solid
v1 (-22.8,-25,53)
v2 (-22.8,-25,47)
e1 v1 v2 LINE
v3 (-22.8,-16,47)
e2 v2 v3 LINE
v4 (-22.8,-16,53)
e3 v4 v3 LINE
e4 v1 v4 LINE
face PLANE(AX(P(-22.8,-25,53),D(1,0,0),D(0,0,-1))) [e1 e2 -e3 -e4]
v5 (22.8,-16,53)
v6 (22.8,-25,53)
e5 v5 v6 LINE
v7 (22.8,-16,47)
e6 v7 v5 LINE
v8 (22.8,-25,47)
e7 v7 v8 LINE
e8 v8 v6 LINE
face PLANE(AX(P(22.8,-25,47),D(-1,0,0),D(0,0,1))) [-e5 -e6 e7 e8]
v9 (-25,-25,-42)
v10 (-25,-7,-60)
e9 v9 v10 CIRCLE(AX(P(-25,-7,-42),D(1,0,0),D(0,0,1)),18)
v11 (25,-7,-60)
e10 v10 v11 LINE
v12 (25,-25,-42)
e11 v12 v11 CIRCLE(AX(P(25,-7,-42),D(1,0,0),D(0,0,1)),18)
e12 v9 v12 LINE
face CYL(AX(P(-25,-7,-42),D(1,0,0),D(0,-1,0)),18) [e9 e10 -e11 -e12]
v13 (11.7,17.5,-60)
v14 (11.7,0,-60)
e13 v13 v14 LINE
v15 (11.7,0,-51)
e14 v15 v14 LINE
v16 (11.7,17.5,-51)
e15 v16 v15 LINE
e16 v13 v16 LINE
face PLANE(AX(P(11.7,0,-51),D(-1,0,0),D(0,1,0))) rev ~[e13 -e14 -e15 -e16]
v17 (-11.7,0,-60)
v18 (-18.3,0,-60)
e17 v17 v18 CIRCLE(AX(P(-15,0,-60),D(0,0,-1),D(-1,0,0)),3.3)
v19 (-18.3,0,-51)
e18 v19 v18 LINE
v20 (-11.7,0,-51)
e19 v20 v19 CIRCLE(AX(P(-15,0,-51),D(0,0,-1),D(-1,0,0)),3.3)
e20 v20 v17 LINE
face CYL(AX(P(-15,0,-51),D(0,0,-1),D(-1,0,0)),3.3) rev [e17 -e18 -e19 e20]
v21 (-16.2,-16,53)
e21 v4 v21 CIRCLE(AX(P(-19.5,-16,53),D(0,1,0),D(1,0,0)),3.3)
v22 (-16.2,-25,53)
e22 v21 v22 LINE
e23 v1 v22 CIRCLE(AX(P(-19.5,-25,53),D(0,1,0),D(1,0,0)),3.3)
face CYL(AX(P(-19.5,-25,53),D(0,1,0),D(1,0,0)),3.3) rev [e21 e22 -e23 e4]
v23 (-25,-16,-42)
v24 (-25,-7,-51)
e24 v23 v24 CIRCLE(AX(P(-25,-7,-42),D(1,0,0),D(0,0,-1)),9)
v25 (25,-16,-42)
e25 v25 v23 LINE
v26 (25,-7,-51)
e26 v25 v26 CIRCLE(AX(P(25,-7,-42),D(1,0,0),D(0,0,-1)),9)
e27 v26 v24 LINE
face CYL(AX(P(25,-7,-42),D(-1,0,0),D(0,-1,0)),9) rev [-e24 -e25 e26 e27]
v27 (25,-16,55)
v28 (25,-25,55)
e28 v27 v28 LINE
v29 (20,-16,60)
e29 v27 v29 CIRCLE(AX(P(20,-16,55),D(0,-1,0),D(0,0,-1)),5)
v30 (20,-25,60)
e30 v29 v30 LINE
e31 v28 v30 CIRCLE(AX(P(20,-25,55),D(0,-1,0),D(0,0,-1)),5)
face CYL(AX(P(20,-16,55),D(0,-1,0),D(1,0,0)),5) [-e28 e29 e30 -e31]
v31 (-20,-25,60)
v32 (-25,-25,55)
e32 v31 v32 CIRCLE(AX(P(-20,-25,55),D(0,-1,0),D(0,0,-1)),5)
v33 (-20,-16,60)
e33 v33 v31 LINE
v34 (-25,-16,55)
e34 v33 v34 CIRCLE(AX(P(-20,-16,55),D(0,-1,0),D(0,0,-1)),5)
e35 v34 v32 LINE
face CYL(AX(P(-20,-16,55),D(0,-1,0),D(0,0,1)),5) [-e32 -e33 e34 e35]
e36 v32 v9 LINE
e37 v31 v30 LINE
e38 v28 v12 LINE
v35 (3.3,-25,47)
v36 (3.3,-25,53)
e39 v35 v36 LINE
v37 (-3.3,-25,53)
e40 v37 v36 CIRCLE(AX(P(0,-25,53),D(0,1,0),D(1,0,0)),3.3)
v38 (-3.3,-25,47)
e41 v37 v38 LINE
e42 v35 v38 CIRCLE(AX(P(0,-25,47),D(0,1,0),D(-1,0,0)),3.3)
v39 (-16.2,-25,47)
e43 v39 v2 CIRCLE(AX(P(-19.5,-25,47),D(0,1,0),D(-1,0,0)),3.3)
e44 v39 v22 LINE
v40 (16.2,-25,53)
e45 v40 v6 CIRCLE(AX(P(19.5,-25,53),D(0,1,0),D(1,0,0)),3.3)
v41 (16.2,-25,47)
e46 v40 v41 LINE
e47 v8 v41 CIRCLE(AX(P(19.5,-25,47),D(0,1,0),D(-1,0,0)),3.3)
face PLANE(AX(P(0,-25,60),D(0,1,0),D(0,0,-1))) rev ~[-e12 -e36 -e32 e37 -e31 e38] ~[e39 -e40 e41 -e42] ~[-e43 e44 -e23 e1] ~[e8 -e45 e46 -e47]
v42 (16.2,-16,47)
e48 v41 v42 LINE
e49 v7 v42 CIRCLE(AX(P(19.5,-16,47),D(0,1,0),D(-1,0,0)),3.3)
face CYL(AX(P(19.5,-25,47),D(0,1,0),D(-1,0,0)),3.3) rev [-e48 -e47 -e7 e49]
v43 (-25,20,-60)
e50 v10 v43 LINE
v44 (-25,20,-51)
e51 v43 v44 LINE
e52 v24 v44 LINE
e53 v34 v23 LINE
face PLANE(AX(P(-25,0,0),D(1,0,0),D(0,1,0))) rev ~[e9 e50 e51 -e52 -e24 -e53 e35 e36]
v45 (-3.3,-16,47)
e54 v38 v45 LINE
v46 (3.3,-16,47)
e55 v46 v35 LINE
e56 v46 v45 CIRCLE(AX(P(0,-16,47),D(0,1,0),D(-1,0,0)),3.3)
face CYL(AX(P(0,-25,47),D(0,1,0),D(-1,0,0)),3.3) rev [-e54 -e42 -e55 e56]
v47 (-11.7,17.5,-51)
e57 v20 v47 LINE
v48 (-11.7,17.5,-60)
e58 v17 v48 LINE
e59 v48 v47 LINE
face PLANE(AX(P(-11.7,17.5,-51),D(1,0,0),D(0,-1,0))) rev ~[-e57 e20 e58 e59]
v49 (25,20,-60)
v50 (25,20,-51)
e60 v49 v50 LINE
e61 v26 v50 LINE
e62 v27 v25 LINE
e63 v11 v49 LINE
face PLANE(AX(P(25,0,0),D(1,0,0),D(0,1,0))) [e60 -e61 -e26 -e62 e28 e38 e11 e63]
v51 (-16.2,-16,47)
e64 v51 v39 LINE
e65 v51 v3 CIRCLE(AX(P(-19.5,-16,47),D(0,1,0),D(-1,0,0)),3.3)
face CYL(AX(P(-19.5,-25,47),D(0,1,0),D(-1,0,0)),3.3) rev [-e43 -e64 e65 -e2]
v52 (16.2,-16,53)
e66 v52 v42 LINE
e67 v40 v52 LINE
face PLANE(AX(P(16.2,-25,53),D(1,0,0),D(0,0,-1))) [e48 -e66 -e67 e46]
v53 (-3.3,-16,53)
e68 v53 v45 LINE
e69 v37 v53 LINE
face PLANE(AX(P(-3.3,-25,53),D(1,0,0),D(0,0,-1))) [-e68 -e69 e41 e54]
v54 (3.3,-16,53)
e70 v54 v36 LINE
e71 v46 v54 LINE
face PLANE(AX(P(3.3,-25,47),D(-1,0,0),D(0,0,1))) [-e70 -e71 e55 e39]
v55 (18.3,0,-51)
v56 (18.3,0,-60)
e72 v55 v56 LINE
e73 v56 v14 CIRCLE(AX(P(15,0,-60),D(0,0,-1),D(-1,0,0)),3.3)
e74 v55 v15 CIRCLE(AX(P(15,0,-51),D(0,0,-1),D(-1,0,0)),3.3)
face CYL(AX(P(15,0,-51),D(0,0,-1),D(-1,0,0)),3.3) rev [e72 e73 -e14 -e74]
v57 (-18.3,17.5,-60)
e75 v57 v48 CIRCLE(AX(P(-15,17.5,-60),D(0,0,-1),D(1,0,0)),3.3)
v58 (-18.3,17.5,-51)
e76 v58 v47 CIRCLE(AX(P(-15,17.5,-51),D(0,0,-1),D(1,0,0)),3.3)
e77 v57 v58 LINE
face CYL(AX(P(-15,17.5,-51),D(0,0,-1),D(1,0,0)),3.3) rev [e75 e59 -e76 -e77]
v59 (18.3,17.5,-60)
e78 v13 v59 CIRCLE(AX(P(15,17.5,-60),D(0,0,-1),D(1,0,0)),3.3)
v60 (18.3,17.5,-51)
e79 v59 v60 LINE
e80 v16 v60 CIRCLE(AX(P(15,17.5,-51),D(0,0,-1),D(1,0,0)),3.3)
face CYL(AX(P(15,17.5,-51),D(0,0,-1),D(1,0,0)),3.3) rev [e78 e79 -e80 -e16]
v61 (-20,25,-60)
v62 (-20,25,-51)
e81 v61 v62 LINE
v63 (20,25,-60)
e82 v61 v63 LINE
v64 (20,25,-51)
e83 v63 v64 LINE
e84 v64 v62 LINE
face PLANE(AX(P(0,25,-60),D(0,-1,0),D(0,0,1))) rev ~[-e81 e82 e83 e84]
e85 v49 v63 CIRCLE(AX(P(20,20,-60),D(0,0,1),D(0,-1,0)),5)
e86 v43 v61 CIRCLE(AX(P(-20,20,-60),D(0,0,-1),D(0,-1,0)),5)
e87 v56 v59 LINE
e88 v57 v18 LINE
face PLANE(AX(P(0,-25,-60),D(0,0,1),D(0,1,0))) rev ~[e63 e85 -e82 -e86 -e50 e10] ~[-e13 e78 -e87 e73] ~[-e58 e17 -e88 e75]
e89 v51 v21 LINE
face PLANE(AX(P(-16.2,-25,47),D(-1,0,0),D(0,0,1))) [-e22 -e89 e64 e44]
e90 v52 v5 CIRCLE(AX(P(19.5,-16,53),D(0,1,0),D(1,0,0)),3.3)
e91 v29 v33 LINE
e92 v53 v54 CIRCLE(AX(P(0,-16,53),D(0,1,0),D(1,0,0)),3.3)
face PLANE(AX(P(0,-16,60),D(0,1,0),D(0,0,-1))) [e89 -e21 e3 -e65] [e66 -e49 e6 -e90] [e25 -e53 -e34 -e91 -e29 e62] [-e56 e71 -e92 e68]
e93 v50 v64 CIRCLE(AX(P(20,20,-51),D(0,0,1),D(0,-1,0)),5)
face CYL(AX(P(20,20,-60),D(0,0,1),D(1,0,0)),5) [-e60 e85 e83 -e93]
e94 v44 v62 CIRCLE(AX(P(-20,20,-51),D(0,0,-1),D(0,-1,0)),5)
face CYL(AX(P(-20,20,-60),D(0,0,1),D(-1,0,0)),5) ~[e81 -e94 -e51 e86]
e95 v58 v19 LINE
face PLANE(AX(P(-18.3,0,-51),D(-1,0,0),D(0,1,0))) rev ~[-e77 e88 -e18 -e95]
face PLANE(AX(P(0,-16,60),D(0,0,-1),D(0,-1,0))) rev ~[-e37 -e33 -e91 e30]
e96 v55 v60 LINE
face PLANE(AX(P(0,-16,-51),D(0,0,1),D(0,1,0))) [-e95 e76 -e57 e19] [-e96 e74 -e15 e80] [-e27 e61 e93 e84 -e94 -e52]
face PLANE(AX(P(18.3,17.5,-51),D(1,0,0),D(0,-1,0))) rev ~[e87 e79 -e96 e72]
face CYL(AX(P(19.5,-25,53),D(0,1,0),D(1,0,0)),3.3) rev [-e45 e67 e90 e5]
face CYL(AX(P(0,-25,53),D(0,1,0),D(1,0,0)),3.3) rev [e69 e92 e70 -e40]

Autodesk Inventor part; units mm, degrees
ref_plane "YZ Plane" through (0, 0, 0) normal (1, 0, 0) x (0, 1, 0)
ref_plane "XZ Plane" through (0, 0, 0) normal (0, 1, 0) x (-1, 0, 0)
ref_plane "XY Plane" through (0, 0, 0) normal (0, 0, 1) x (1, 0, 0)
sketch "Sketch2" plane through (0, 0, 0) normal (1, 0, 0) x (0, 1, 0)
  line L0 (-25, 60) -> (-25, -60)
  line L1 (-25, -60) -> (25, -60)
  line L2 (-16, 60) -> (-16, -51)
  line L3 (-16, -51) -> (25, -51)
  line L4 (-16, 60) -> (-25, 60)
  line L5 (25, -60) -> (25, -51)
  point P0 (0, 0)
  point P1 (-25, 0)
  point P2 (0, -60)
  dimension "d1" = 120
  dimension "d2" = 50
  dimension "t" = 9
extrude "Extrusion1" add sketch "Sketch2" along normal mid plane 50
fillet "Fillet1" radius 9 1 edges at (0, -16, -51)
fillet "Fillet1" radius 18 1 edges at (0, -25, -60)
sketch "Sketch3" plane through (-25, -25, 60) normal (0, -1, 0) x (1, 0, 0)
  line L0 (50, 0) -> (0, 0) projected
  line L1 (0, -102) -> (0, 0) projected
  line L2 (50, 0) -> (50, -102) projected
  line L3 (5.5, -13) -> (5.5, -7) construction
  line L4 (8.8, -13) -> (8.8, -7)
  line L5 (2.2, -7) -> (2.2, -13)
  arc A0 (2.2, -13) -> (8.8, -13) centre (5.5, -13) ccw
  arc A1 (8.8, -7) -> (2.2, -7) centre (5.5, -7) ccw
  line L6 (25, -13) -> (25, -7) construction
  line L7 (28.3, -13) -> (28.3, -7)
  line L8 (21.7, -7) -> (21.7, -13)
  arc A2 (21.7, -13) -> (28.3, -13) centre (25, -13) ccw
  arc A3 (28.3, -7) -> (21.7, -7) centre (25, -7) ccw
  line L9 (44.5, -13) -> (44.5, -7) construction
  line L10 (47.8, -13) -> (47.8, -7)
  line L11 (41.2, -7) -> (41.2, -13)
  arc A4 (41.2, -13) -> (47.8, -13) centre (44.5, -13) ccw
  arc A5 (47.8, -7) -> (41.2, -7) centre (44.5, -7) ccw
  point P0 (25, -60)
  point P1 (5.5, -10)
  point P2 (25, -10)
  point P3 (44.5, -10)
  dimension "d8" = 10
  dimension "d9" = 5.5
  dimension "d10" = 5.5
  dimension "d11" = 39
  dimension "d12" = 19.5
  dimension "d29" = 3
  dimension "d30" = 6.6
  dimension "d31" = 6.6
sketch "Sketch4" plane through (-25, 25, -51) normal (0, 0, 1) x (1, 0, 0)
  line L0 (10, -7.5) -> (10, -25) construction
  line L1 (13.3, -7.5) -> (13.3, -25)
  line L2 (6.7, -25) -> (6.7, -7.5)
  arc A0 (13.3, -7.5) -> (6.7, -7.5) centre (10, -7.5) ccw
  arc A1 (6.7, -25) -> (13.3, -25) centre (10, -25) ccw
  line L3 (0, -32) -> (0, 0) projected
  line L4 (0, 0) -> (50, 0) projected
  line L5 (40, -7.5) -> (40, -25) construction
  line L6 (43.3, -7.5) -> (43.3, -25)
  line L7 (36.7, -25) -> (36.7, -7.5)
  arc A2 (43.3, -7.5) -> (36.7, -7.5) centre (40, -7.5) ccw
  arc A3 (36.7, -25) -> (43.3, -25) centre (40, -25) ccw
  point P0 (25, -25)
  point P1 (10, -16.25)
  point P2 (40, -16.25)
  dimension "d21" = 10
  dimension "d22" = 17.5
  dimension "d24" = 6.6
  dimension "d27" = 30
  dimension "d28" = 7.5
extrude "Extrusion2" cut sketch "Sketch4" along normal through all both and the other way through all
extrude "Extrusion3" cut sketch "Sketch3" along normal through all both and the other way through all
fillet "Fillet2" radius 5 4 edges at (-25, -20.5, 60) (25, -20.5, 60) (25, 25, -55.5) (-25, 25, -55.5)
equation "\"d6\" = t"
equation "\"d7\" = 2 * t"
equation "\"d10\" = d9"
equation "\"d12\" = 0.5 * d11"
properties part number "TL20240701-10200AT-005" material "SS400"
